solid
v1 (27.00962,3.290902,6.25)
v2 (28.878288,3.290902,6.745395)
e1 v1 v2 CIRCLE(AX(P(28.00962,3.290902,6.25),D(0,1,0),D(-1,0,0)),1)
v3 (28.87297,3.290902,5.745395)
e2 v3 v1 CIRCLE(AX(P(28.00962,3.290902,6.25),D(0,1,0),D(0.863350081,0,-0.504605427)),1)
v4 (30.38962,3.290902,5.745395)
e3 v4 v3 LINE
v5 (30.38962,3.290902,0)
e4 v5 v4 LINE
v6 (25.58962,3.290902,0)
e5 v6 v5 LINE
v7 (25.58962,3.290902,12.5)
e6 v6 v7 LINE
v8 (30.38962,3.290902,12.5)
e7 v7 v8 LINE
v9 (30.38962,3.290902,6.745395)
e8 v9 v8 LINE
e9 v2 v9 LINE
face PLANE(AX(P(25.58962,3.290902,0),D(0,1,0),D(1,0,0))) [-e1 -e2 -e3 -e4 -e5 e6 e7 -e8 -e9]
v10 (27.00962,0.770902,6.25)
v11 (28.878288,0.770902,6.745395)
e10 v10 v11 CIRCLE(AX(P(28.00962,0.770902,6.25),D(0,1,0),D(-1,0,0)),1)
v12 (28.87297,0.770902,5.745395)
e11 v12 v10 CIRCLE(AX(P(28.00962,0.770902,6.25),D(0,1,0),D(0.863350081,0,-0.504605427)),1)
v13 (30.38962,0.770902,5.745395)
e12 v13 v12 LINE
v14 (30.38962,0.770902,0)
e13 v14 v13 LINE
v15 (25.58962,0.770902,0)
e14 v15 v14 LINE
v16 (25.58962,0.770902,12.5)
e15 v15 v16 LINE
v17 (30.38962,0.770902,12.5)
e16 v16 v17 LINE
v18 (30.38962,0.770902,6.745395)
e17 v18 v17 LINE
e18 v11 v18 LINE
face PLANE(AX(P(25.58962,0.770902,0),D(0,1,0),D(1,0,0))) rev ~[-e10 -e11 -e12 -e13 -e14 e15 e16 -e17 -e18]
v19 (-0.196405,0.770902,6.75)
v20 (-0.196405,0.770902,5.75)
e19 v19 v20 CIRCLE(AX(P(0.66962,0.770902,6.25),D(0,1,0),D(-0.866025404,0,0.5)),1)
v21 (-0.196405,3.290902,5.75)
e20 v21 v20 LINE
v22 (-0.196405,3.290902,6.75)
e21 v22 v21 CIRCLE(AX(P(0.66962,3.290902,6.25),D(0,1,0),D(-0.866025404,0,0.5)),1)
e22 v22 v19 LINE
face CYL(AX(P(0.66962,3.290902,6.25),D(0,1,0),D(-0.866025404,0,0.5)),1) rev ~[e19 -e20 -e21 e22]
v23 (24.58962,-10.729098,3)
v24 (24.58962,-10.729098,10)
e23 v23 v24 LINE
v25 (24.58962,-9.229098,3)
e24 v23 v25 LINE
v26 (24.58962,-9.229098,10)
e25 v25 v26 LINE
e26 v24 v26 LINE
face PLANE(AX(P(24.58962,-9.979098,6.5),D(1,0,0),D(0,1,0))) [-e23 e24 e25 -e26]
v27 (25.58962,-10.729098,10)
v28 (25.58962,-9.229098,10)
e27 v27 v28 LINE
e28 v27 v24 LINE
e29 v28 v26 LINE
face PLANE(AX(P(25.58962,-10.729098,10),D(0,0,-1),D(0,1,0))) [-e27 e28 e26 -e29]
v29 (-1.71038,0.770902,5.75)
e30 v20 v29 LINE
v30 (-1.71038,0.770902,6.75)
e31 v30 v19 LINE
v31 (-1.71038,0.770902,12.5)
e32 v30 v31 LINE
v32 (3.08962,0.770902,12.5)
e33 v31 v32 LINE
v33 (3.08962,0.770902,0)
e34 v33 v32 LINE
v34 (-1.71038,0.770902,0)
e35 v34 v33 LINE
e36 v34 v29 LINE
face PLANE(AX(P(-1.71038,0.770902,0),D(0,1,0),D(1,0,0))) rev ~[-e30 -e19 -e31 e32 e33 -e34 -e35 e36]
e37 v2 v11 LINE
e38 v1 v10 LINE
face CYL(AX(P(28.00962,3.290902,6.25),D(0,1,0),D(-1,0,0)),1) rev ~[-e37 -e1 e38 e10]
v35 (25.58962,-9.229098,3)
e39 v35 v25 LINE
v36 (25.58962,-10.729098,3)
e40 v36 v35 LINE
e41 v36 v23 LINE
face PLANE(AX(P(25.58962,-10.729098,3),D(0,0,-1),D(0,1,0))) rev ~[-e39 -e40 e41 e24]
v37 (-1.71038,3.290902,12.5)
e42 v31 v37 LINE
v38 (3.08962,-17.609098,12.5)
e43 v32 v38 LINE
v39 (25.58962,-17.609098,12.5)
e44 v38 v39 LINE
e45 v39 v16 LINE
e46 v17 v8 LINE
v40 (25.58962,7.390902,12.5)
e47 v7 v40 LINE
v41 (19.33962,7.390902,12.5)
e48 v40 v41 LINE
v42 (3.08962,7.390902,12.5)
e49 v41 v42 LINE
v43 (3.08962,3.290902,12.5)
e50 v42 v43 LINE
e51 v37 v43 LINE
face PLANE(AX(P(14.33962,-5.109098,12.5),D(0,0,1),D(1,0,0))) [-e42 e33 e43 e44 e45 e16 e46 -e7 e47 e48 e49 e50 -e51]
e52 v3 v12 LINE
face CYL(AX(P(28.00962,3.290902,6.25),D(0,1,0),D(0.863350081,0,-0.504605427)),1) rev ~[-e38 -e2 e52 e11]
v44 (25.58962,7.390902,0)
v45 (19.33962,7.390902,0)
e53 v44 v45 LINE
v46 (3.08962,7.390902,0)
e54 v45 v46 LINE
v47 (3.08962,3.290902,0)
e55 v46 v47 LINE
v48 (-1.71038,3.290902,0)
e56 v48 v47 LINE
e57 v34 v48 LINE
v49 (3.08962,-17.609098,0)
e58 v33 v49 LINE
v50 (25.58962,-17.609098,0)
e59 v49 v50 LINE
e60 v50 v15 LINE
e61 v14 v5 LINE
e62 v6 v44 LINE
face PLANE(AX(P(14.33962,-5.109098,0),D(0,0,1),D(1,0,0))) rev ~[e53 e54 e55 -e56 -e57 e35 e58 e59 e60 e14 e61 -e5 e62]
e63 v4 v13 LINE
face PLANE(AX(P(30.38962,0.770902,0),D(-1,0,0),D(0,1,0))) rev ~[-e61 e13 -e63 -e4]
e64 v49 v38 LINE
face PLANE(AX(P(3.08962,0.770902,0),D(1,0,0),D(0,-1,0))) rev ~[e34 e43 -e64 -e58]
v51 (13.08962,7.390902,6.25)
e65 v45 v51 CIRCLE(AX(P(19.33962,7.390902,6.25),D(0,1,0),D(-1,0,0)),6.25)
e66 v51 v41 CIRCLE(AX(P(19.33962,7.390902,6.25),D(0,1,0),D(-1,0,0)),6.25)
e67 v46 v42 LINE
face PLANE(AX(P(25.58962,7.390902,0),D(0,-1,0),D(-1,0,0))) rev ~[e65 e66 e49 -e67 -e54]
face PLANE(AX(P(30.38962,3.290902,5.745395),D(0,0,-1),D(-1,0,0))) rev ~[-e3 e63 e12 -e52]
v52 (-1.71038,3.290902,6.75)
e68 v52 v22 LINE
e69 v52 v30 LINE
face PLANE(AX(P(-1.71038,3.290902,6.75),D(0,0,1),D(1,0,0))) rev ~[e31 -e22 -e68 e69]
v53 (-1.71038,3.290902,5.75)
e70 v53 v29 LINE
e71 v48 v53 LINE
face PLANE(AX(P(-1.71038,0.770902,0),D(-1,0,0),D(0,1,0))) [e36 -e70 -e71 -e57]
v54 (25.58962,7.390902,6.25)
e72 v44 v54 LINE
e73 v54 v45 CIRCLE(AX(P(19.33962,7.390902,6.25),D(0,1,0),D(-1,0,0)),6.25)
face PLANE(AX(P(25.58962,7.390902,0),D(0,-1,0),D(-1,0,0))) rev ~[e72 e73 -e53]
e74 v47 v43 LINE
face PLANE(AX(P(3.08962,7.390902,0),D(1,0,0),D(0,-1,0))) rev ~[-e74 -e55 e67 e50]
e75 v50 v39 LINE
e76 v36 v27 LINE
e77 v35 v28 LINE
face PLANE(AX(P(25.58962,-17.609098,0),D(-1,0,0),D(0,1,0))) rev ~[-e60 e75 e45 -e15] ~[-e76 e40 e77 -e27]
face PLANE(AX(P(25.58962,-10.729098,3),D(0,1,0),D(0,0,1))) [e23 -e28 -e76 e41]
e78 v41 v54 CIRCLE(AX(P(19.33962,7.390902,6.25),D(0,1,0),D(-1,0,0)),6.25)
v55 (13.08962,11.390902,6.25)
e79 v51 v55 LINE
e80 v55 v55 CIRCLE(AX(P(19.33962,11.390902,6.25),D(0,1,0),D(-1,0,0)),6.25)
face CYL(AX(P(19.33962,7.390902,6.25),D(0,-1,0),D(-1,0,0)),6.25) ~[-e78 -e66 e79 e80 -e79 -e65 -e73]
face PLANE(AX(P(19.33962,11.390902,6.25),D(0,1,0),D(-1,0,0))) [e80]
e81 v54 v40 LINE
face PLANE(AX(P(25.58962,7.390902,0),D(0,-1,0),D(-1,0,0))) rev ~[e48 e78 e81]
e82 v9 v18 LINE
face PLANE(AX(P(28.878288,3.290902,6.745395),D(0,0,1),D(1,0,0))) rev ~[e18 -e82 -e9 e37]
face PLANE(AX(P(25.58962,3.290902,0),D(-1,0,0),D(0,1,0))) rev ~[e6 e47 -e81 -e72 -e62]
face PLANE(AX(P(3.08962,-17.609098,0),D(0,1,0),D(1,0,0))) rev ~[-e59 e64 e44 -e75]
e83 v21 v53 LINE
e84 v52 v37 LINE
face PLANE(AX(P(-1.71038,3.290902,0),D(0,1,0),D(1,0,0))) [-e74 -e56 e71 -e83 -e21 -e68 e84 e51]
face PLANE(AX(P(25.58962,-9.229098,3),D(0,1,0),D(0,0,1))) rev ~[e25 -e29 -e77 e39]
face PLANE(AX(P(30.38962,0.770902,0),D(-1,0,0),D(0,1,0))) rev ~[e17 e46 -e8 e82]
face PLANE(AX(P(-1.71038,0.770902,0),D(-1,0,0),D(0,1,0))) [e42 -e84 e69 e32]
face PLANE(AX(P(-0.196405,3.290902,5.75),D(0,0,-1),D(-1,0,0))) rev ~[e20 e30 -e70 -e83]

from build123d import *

# Parameters (mm, degrees)
F0_W     = 4.8
F0_H     = 2.52
F1_DEPTH = 12.5
F2_W     = 1.5
F2_H     = 7
F3_DEPTH = 1
F4_R     = 6.25
F5_DEPTH = 4
F7_DEPTH = 2.52
F9_DEPTH = 2.52


with BuildPart() as f1:
    # F0 (on Top) → F1 (new body)
    with BuildSketch(Plane.XY):
        Polygon((25.5896202285, 7.390901965), (3.0896202285, 7.390901965), (3.0896202285, 3.290901965), (3.0896202285, 0.770901965), (3.0896202285, -17.609098035), (25.5896202285, -17.609098035), (25.5896202285, 0.770901965), (25.5896202285, 3.290901965), align=None)
        with Locations((27.9896202285, 2.030901965)):
            Rectangle(F0_W, F0_H)
        with Locations((0.6896202285, 2.030901965)):
            Rectangle(F0_W, F0_H)
    extrude(amount=F1_DEPTH)

    # F2 (on face) → F3 (cut)
    with BuildSketch(Plane.YZ.offset(25.5896202285)):
        with Locations((-9.979098035, 6.5)):
            Rectangle(F2_W, F2_H)
    extrude(amount=-F3_DEPTH, mode=Mode.SUBTRACT)

    # F4 (on face) → F5 (join)
    with BuildSketch(Plane(origin=(0, 7.390901965, 0), x_dir=(-1, 0, 0), z_dir=(0, 1, 0))):
        with Locations((-19.3396202285, 6.25)):
            Circle(F4_R)
    extrude(amount=F5_DEPTH)

    # F6 (on face) → F7 (cut, through all)
    with BuildSketch(Plane(origin=(0, 3.290901965, 0), x_dir=(-1, 0, 0), z_dir=(0, 1, 0))):
        with BuildLine():
            Line((-30.3896202285, 5.7453945725), (-28.8729703096, 5.7453945725))
            ThreePointArc((-28.8729703096, 5.7453945725), (-29.0096060883, 6.2446820853), (-28.8782882995, 6.7453945725))
            Line((-28.8782882995, 6.7453945725), (-30.3896202285, 6.7453945725))
            Line((-30.3896202285, 6.7453945725), (-30.3896202285, 5.7453945725))
        make_face()
        with BuildLine():
            Line((-28.8729703096, 6.7453945725), (-28.8729703096, 5.7453945725))
            ThreePointArc((-28.8729703096, 5.7453945725), (-27.7482297936, 5.2847668465), (-27.0096202285, 6.25))
            ThreePointArc((-27.0096202285, 6.25), (-27.7533665173, 7.2166095569), (-28.8782882995, 6.7453945725))
            Line((-28.8782882995, 6.7453945725), (-28.8729703096, 6.7453945725))
        make_face()
        with BuildLine():
            ThreePointArc((-28.8782882995, 6.7453945725), (-29.0096060883, 6.2446820853), (-28.8729703096, 5.7453945725))
            Line((-28.8729703096, 5.7453945725), (-28.8729703096, 6.7453945725))
            Line((-28.8729703096, 6.7453945725), (-28.8782882995, 6.7453945725))
        make_face()
    extrude(amount=-F7_DEPTH, mode=Mode.SUBTRACT)

    # F8 (on face) → F9 (cut, through all)
    with BuildSketch(Plane(origin=(0, 3.290901965, 0), x_dir=(-1, 0, 0), z_dir=(0, 1, 0))):
        with BuildLine():
            ThreePointArc((0.1964051753, 5.75), (0.2963055978, 5.9911809549), (0.3303797715, 6.25))
            ThreePointArc((0.3303797715, 6.25), (0.2963055978, 6.5088190451), (0.1964051753, 6.75))
            Line((0.1964051753, 6.75), (-0.2896202285, 6.75))
            Line((-0.2896202285, 6.75), (-0.2896202285, 5.75))
            Line((-0.2896202285, 5.75), (0.1964051753, 5.75))
        make_face()
        with BuildLine():
            ThreePointArc((0.1964051753, 6.75), (0.2963055978, 6.5088190451), (0.3303797715, 6.25))
            ThreePointArc((0.3303797715, 6.25), (0.2963055978, 5.9911809549), (0.1964051753, 5.75))
            Line((0.1964051753, 5.75), (1.7103797715, 5.75))
            Line((1.7103797715, 5.75), (1.7103797715, 6.75))
            Line((1.7103797715, 6.75), (0.1964051753, 6.75))
        make_face()
        with BuildLine():
            Line((-0.2896202285, 6.75), (0.1964051753, 6.75))
            ThreePointArc((0.1964051753, 6.75), (-1.6696202285, 6.25), (0.1964051753, 5.75))
            Line((0.1964051753, 5.75), (-0.2896202285, 5.75))
            Line((-0.2896202285, 5.75), (-0.2896202285, 6.75))
        make_face()
    extrude(amount=-F9_DEPTH, mode=Mode.SUBTRACT)


solid = f1.part
